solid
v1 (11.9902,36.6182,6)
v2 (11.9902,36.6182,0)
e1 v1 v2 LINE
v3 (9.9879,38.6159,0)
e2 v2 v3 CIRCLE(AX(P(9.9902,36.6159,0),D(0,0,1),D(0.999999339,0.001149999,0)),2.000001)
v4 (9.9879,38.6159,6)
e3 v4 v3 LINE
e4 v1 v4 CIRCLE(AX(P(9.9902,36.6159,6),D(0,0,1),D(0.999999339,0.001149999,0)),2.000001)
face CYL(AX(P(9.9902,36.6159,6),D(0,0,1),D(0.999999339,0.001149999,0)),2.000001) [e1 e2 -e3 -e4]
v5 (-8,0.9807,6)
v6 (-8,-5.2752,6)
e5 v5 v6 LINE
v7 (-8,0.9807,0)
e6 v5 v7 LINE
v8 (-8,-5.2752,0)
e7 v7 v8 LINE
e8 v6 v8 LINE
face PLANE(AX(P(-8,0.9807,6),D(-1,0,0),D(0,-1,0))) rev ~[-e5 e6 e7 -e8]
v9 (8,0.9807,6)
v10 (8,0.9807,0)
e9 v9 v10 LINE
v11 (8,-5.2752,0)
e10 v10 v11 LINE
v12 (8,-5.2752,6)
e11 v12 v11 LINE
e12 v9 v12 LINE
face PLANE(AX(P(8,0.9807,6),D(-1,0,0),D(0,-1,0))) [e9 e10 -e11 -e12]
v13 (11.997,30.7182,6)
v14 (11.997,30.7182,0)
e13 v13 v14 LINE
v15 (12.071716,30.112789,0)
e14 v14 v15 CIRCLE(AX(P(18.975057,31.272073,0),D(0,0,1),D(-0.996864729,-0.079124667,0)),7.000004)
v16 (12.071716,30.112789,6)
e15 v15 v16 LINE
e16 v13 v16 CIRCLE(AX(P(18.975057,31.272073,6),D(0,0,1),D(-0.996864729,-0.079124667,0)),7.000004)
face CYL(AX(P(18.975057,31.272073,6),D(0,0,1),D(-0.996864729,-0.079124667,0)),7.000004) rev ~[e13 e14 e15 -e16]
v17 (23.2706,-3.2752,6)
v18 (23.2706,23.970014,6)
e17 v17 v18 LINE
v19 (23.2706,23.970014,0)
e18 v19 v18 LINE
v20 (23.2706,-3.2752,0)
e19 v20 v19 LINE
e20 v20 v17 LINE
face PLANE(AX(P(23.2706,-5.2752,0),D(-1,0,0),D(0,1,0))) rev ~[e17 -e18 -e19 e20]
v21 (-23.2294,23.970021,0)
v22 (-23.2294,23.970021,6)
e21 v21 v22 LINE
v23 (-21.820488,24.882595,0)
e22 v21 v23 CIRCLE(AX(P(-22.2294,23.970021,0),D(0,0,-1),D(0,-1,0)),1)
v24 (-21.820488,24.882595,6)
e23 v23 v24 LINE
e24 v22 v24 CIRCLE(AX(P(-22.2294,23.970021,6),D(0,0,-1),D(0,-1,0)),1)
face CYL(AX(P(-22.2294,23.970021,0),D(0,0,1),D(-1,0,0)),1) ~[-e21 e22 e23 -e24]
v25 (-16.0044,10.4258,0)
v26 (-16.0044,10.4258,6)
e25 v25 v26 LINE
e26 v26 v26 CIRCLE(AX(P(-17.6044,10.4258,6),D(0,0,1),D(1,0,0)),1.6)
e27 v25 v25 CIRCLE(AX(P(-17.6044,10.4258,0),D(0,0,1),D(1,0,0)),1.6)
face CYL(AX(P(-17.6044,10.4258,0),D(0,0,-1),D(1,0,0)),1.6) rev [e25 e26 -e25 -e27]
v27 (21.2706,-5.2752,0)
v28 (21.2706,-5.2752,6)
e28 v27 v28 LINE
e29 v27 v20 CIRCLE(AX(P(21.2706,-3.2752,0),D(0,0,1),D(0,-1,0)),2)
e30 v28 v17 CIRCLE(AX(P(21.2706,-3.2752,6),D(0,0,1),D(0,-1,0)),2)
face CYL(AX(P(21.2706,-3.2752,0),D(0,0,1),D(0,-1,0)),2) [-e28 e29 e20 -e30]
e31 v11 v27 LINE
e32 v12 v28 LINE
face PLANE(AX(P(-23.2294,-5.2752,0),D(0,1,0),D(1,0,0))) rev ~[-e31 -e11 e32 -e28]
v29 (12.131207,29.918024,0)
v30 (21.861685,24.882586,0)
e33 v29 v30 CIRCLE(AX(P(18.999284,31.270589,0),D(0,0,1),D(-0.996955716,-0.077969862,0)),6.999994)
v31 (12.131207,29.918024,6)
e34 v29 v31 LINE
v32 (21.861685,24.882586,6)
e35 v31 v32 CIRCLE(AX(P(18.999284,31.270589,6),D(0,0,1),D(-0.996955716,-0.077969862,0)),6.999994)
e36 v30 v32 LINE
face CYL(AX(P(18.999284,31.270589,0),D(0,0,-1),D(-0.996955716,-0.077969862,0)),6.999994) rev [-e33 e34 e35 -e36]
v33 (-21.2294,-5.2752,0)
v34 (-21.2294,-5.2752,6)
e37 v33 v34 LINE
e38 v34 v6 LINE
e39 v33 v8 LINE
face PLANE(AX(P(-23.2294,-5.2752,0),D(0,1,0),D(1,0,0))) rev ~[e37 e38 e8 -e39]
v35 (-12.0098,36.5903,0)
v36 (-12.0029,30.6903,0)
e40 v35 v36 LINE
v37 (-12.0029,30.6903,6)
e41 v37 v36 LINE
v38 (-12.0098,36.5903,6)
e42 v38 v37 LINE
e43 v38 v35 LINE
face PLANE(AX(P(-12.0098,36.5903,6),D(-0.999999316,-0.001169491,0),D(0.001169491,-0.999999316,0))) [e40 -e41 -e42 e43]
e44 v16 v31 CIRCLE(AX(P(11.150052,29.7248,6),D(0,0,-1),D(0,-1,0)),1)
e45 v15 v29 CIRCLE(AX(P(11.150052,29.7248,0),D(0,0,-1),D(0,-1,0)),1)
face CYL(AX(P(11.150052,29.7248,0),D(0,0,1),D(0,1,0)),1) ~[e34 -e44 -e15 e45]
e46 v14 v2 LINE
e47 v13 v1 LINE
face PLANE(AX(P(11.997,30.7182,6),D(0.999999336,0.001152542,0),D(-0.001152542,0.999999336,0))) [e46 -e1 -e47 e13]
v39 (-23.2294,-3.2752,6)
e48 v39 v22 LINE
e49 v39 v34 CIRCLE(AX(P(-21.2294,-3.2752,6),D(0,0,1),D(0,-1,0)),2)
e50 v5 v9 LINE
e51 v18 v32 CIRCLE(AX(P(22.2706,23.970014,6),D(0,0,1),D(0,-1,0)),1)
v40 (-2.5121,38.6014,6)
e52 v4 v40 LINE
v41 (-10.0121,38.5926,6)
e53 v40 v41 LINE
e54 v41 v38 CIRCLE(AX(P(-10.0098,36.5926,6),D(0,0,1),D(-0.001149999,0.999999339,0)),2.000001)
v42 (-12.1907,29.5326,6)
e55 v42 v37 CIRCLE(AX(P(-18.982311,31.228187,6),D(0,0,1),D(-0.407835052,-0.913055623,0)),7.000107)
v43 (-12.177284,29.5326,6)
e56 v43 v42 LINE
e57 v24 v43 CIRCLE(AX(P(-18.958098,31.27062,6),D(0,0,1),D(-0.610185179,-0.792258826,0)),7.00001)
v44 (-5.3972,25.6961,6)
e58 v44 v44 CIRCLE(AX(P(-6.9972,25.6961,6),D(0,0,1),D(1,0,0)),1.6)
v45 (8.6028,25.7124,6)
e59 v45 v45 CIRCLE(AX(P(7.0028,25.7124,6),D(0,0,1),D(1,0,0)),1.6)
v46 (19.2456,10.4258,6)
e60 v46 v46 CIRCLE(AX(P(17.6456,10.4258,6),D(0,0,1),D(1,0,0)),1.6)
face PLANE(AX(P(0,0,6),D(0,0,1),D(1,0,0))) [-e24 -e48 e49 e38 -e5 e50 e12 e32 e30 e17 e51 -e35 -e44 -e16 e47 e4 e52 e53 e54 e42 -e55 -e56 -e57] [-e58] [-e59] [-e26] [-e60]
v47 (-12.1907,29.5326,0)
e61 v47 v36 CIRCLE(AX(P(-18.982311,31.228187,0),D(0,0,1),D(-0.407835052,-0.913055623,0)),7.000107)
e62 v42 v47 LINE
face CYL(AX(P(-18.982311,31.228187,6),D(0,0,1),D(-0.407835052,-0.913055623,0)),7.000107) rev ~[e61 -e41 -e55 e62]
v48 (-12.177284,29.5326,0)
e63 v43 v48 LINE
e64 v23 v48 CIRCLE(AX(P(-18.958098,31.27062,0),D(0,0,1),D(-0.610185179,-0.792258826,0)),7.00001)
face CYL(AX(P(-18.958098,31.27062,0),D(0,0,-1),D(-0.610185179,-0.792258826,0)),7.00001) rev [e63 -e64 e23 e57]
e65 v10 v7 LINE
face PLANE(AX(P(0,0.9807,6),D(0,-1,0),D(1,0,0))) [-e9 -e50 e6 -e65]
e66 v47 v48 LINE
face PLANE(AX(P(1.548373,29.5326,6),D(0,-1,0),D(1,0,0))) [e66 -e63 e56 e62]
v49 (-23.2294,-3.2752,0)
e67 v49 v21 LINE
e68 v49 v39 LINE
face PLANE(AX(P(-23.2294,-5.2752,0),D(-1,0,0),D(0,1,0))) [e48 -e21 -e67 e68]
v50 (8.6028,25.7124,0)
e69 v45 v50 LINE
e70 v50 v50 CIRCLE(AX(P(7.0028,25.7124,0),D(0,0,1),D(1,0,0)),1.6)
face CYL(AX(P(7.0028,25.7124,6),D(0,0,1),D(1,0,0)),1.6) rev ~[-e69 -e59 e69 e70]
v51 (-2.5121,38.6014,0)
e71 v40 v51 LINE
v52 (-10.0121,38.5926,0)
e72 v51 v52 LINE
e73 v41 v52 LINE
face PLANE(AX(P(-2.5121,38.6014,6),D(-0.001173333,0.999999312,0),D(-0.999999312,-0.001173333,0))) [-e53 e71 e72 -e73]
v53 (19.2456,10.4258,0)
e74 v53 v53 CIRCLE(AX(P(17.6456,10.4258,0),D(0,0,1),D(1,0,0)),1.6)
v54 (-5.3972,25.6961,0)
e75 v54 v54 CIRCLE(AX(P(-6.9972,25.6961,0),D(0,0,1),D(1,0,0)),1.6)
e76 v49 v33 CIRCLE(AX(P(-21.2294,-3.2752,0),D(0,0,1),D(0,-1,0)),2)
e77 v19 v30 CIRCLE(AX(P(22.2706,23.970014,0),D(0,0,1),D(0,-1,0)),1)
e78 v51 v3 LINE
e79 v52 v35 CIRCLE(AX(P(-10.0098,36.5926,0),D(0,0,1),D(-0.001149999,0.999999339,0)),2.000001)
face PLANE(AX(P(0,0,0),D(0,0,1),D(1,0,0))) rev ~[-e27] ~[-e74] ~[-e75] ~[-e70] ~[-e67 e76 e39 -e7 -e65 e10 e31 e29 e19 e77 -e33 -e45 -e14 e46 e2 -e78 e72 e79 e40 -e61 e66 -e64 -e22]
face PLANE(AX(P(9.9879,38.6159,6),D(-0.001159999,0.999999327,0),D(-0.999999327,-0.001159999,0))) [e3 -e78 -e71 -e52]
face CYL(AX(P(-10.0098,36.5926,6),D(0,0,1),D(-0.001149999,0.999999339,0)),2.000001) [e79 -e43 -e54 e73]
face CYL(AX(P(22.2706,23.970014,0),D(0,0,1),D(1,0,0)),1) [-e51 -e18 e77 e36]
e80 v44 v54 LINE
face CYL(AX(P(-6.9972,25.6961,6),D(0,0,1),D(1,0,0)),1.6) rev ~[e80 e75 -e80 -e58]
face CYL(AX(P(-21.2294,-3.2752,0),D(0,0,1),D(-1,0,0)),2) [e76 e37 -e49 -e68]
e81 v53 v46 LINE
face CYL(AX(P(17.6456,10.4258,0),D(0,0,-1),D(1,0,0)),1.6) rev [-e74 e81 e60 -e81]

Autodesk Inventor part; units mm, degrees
ref_plane "YZ Plane" through (0, 0, 0) normal (1, 0, 0) x (0, 1, 0)
ref_plane "XZ Plane" through (0, 0, 0) normal (0, 1, 0) x (-1, 0, 0)
sketch "Sketch1" plane through (0, 0, 0) normal (0, 0, 1) x (1, 0, 0)
  line L0 (-23.2294, -5.2752) -> (-23.2294, 25.7248)
  arc A0 (-23.2294, 25.7248) -> (-11.9794, 30.7248) centre (-18.9581, 31.2706) ccw
  line L1 (0.0206, 30.7248) -> (-11.9794, 30.7248)
  line L2 (0.0206, 30.7248) -> (12.0206, 30.7248)
  arc A1 (12.0206, 30.7248) -> (23.2706, 25.7248) centre (18.9993, 31.2706) ccw
  line L3 (23.2706, -5.2752) -> (23.2706, 25.7248)
  circle A2 centre (17.6456, 10.4258) radius 1.6
  circle A3 centre (-17.6044, 10.4258) radius 1.6
  line L4 (-23.2294, -5.2752) -> (23.2706, -5.2752)
  point P0 (0, 0)
  point P1 (0, -3.0755)
extrude "Extrusion1" add sketch "Sketch1" along normal blind 6
sketch "Sketch2" plane through (0, 0, 6) normal (0, 0, 1) x (1, 0, 0)
  circle A0 centre (-6.9972, 25.6961) radius 1.6 projected
  circle A1 centre (7.0028, 25.7124) radius 1.6 projected
  point P0 (0, 0)
extrude "Extrusion2" cut sketch "Sketch2" against normal through all
fillet "Fillet1" radius 1 4 edges at (-11.9794, 30.7248, 3) (-23.2294, 25.7248, 3) (12.0206, 30.7248, 3) (23.2706, 25.7248, 3)
fillet "Fillet2" radius 2 2 edges at (-23.2294, -5.2752, 3) (23.2706, -5.2752, 3)
sketch "Sketch3" plane through (0, 0, 6) normal (0, 0, 1) x (1, 0, 0)
  line L0 (0, 0.9807) -> (-8, 0.9807)
  line L1 (0, 0.9807) -> (8, 0.9807) construction
  line L2 (-8, 0.9807) -> (8, 0.9807)
  line L3 (8, 0.9807) -> (8, -5.2752)
  line L4 (21.2706, -5.2752) -> (-21.2294, -5.2752) projected
  line L5 (-8, 0.9807) -> (-8, -5.2752)
  point P0 (0, 0)
  dimension "d6" = 8
  dimension "d7" = 180
  dimension "d8" = 16
  dimension "d9" = 0
extrude "Extrusion3" cut sketch "Sketch3" against normal blind 10
sketch "Sketch4" plane through (0, 0, 6) normal (0, 0, 1) x (1, 0, 0)
  arc A0 (6.0143, -33.637) -> (7.9856, -35.2865) centre (7.9833, -33.2865) ccw projected
  line L0 (7.9856, -35.2865) -> (21.3237, -35.271) projected
  arc A1 (21.3237, -35.271) -> (23.3214, -33.2687) centre (21.3214, -33.271) ccw projected
  line L1 (23.3214, -33.2687) -> (23.2549, 23.9765) projected
  arc A2 (23.2549, 23.9765) -> (21.8449, 24.8874) centre (22.2549, 23.9753) ccw projected
  arc A3 (11.997, 30.7182) -> (21.8449, 24.8874) centre (18.9751, 31.2721) ccw projected
  line L2 (11.997, 30.7182) -> (11.9902, 36.6182) projected
  arc A4 (11.9902, 36.6182) -> (9.9879, 38.6159) centre (9.9902, 36.6159) ccw projected
  line L3 (9.9879, 38.6159) -> (2.4879, 38.6072) projected
  arc A5 (2.4879, 38.6072) -> (1.489, 37.606) centre (2.489, 37.6072) ccw projected
  line L4 (1.489, 37.606) -> (1.4937, 33.606) projected
  line L5 (1.4937, 33.606) -> (2.7437, 33.6075) projected
  line L6 (2.7437, 33.6075) -> (2.747, 30.7075) projected
  line L7 (2.747, 30.7075) -> (1.547, 30.7061) projected
  line L8 (1.547, 30.7061) -> (1.5587, 20.7061) projected
  line L9 (1.5587, 20.7061) -> (10.0087, 20.7159) projected
  arc A6 (12.011, 18.7182) -> (10.0087, 20.7159) centre (10.011, 18.7159) ccw projected
  line L10 (12.011, 18.7182) -> (12.0365, -3.2818) projected
  arc A7 (12.0365, -3.2818) -> (14.0389, -5.2794) centre (14.0365, -3.2794) ccw projected
  line L11 (14.0389, -5.2794) -> (16.2889, -5.2768) projected
  arc A8 (18.2912, -7.2745) -> (16.2889, -5.2768) centre (16.2912, -7.2768) ccw projected
  line L12 (18.2912, -7.2745) -> (18.3109, -24.2745) projected
  arc A9 (16.3133, -26.2768) -> (18.3109, -24.2745) centre (16.3109, -24.2768) ccw projected
  line L13 (16.3133, -26.2768) -> (-16.1867, -26.3146) projected
  arc A10 (-18.189, -24.3169) -> (-16.1867, -26.3146) centre (-16.189, -24.3146) ccw projected
  line L14 (-18.189, -24.3169) -> (-18.2088, -7.3169) projected
  arc A11 (-16.2111, -5.3146) -> (-18.2088, -7.3169) centre (-16.2088, -7.3146) ccw projected
  line L15 (-16.2111, -5.3146) -> (-13.9611, -5.312) projected
  arc A12 (-13.9611, -5.312) -> (-11.9634, -3.3096) centre (-13.9634, -3.312) ccw projected
  line L16 (-11.9634, -3.3096) -> (-11.989, 18.6903) projected
  arc A13 (-9.9913, 20.6927) -> (-11.989, 18.6903) centre (-9.989, 18.6927) ccw projected
  line L17 (-9.9913, 20.6927) -> (-1.5413, 20.7025) projected
  line L18 (-1.5413, 20.7025) -> (-1.553, 30.7025) projected
  line L19 (-1.553, 30.7025) -> (-2.753, 30.7011) projected
  line L20 (-2.753, 30.7011) -> (-2.7563, 33.6011) projected
  line L21 (-2.7563, 33.6011) -> (-1.5063, 33.6025) projected
  line L22 (-1.5063, 33.6025) -> (-1.511, 37.6025) projected
  arc A14 (-1.511, 37.6025) -> (-2.5121, 38.6014) centre (-2.511, 37.6014) ccw projected
  line L23 (-2.5121, 38.6014) -> (-10.0121, 38.5926) projected
  arc A15 (-10.0121, 38.5926) -> (-12.0098, 36.5903) centre (-10.0098, 36.5926) ccw projected
  line L24 (-12.0098, 36.5903) -> (-12.0029, 30.6903) projected
  arc A16 (-21.8372, 24.8367) -> (-12.0029, 30.6903) centre (-18.9823, 31.228) ccw projected
  arc A17 (-21.8372, 24.8367) -> (-23.2451, 23.9225) centre (-22.2451, 23.9236) ccw projected
  line L25 (-23.2451, 23.9225) -> (-23.1786, -33.3227) projected
  arc A18 (-23.1786, -33.3227) -> (-21.1762, -35.3204) centre (-21.1786, -33.3204) ccw projected
  line L26 (-21.1762, -35.3204) -> (-7.8381, -35.3049) projected
  arc A19 (-7.8381, -35.3049) -> (-5.8706, -33.6509) centre (-7.8405, -33.3049) ccw projected
  arc A20 (6.0143, -33.637) -> (-5.8706, -33.6509) centre (0.073, -34.6948) ccw projected
  circle A21 centre (17.6456, 10.4258) radius 1.6 projected
  circle A22 centre (-17.6044, 10.3848) radius 1.6 projected
  circle A23 centre (7.0029, 25.7124) radius 1.6 projected
  circle A24 centre (-6.9971, 25.6961) radius 1.6 projected
  line L27 (11.1501, 30.7248) -> (-11.1088, 30.7248) projected
  line L28 (-2.5121, 38.6014) -> (2.4879, 38.6072)
  line L29 (-12.1907, 29.5326) -> (12.1947, 29.5326)
  point P0 (0, 0)
ref_plane "Work Plane1" through (-23.2654, -35.3247, 0) normal (0, 0, 1) x (1, 0.0012, 0)
extrude "Extrusion4" add sketch "Sketch4" against normal up to surface (6 mm away) contours L29 L8 L7 L6 L5 L4 A5 L3 A4 L2 A3 | L29 L18 L19 L20 L27 L6 L7 L8 | A16 L24 A15 L23 A14 L22 L21 L20 L19 L18 L29 | A5 L4 L5 L6 L27 L20 L21 L22 A14 L28
properties part number "Hotend Slide Part3" material "PET Plastic"
